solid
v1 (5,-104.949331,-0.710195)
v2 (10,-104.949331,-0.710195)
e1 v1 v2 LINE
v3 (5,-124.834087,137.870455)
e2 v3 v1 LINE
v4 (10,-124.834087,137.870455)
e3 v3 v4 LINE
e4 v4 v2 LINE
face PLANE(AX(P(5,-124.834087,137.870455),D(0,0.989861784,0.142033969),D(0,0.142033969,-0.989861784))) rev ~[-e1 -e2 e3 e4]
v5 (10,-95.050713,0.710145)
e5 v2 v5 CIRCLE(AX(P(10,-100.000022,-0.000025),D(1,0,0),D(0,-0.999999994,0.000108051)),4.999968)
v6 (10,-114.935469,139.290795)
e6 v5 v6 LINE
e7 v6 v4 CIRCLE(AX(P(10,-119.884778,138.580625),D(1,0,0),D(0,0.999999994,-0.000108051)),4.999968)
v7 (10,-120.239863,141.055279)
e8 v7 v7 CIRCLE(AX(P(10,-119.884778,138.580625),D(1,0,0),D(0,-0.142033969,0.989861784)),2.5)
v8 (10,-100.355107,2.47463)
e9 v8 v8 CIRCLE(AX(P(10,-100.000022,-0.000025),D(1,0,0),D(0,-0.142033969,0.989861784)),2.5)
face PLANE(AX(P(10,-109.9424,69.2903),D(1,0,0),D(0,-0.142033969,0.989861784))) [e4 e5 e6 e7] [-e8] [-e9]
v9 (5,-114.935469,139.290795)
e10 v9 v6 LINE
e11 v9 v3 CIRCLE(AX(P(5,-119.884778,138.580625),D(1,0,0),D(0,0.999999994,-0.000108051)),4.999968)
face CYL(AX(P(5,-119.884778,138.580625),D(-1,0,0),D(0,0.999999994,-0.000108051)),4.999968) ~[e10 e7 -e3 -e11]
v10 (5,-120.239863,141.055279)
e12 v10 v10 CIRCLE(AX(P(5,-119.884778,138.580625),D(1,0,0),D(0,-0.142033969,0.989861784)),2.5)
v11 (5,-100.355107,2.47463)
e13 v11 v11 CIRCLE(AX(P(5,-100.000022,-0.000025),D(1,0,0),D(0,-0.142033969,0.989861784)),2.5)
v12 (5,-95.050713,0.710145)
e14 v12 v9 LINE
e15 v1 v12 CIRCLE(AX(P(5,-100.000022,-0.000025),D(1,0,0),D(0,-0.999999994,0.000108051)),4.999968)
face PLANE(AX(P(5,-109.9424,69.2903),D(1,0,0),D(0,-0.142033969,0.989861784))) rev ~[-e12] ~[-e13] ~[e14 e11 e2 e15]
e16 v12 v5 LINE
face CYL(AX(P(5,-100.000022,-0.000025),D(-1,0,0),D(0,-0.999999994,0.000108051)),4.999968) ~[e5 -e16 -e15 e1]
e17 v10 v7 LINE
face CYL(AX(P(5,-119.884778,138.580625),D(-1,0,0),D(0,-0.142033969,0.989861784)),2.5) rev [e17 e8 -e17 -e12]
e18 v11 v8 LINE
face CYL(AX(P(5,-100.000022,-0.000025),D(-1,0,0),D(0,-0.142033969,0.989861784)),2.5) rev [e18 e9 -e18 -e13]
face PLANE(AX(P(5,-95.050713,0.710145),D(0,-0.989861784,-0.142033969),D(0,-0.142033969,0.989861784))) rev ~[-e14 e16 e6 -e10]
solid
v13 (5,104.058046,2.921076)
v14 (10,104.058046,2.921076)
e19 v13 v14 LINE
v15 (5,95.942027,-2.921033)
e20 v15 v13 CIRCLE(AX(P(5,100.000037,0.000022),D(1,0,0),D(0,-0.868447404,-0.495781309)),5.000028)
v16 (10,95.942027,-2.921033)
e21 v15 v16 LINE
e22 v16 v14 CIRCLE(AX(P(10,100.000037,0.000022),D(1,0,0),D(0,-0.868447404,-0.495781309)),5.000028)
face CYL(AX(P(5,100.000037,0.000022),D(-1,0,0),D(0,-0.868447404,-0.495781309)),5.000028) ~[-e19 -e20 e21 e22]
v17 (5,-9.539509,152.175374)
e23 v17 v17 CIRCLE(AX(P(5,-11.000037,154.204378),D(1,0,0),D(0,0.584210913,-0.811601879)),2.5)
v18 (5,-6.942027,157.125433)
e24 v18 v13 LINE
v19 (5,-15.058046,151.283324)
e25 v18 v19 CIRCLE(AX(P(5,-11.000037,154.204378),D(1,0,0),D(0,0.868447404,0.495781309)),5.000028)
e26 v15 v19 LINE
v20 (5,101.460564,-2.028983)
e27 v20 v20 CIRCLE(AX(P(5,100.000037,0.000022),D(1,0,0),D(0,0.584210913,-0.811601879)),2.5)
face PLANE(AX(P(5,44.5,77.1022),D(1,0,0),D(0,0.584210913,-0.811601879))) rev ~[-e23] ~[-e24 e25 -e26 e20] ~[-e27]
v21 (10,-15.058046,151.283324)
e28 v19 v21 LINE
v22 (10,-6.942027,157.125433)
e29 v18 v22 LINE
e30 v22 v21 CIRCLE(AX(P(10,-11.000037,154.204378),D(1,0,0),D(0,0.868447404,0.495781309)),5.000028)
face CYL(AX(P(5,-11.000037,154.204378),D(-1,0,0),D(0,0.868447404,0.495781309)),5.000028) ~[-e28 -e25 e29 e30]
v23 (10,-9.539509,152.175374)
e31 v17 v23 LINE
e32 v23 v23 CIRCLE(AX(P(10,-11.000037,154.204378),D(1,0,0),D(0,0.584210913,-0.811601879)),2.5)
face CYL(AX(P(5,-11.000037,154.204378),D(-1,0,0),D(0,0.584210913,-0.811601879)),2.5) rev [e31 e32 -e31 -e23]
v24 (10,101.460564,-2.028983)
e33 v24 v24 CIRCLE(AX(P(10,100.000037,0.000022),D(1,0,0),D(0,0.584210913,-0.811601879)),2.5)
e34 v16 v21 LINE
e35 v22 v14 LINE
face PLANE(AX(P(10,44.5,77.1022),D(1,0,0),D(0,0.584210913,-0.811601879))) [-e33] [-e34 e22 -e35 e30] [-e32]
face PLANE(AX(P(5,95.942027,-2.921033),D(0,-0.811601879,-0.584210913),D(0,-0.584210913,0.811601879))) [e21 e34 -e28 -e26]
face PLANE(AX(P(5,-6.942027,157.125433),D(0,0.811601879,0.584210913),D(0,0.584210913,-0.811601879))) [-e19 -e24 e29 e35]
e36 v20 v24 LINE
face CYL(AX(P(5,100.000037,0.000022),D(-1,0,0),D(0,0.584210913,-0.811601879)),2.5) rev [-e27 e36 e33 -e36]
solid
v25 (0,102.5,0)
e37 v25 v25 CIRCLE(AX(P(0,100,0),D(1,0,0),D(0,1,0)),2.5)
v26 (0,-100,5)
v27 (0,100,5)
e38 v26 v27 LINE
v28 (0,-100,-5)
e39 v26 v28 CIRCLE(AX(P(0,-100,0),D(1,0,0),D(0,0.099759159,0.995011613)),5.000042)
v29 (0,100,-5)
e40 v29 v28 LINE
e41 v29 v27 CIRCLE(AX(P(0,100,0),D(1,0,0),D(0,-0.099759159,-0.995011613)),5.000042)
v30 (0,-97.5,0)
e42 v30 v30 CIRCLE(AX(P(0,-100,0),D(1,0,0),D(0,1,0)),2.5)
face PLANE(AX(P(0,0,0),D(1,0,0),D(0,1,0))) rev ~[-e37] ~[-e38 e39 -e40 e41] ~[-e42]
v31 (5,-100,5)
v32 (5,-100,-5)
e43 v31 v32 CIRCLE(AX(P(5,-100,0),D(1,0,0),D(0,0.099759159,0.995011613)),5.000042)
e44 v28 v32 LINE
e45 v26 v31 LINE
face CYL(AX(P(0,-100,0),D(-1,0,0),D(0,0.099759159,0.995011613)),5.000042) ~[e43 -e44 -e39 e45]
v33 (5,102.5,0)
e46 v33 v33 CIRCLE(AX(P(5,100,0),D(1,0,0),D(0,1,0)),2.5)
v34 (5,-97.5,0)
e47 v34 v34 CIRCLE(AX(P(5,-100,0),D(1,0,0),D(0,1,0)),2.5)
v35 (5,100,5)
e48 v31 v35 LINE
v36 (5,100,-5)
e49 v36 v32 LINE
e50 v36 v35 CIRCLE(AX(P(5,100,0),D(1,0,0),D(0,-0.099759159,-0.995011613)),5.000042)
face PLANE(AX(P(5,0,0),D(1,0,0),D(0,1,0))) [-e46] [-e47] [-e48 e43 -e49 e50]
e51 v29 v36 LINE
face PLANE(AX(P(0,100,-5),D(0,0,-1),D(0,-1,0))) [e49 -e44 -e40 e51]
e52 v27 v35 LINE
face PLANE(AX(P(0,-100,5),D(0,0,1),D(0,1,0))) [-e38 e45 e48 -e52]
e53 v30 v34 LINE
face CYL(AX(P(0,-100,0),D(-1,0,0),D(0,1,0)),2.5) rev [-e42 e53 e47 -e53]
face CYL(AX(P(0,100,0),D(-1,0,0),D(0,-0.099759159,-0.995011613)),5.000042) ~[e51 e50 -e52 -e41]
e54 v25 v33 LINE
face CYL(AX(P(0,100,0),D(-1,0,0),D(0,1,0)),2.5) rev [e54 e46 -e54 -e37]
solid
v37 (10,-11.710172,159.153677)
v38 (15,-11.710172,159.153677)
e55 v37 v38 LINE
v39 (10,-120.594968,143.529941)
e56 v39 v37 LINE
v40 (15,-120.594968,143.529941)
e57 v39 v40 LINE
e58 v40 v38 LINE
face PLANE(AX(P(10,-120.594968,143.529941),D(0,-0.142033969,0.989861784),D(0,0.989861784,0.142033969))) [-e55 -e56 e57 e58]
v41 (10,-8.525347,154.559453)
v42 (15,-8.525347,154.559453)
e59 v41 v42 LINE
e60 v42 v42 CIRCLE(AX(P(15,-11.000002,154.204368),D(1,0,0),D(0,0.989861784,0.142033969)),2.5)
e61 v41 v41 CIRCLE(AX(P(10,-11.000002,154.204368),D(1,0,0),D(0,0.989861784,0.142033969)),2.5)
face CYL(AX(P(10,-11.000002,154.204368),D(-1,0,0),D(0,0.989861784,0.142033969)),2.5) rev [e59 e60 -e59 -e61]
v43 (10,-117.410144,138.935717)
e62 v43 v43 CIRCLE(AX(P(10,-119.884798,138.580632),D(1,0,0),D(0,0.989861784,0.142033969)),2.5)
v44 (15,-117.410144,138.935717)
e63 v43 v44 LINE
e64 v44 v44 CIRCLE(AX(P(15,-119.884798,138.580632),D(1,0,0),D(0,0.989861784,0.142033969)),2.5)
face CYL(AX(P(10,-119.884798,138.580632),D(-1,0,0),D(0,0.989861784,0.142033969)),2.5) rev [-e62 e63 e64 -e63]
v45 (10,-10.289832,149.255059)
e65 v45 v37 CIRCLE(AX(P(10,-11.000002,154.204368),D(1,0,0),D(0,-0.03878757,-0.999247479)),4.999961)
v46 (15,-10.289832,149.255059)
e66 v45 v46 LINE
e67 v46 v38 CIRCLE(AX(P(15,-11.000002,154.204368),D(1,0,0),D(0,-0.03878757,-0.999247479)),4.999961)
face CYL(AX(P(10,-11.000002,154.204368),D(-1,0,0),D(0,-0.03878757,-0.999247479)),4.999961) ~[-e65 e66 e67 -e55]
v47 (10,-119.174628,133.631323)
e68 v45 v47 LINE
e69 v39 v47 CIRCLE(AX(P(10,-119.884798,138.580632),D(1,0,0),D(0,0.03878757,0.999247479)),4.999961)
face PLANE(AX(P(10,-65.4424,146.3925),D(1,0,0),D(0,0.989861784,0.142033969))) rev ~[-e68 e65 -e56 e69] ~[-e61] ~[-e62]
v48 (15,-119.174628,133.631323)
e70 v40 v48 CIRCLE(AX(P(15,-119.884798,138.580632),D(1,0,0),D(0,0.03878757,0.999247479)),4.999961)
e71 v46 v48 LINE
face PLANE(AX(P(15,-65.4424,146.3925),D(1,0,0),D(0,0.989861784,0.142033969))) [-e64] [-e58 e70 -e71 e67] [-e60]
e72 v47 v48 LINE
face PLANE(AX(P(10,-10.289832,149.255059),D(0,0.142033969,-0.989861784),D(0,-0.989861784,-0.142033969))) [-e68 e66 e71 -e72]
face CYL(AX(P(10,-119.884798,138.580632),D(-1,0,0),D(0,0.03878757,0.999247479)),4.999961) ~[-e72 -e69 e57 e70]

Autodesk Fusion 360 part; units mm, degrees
sketch "Sketch1" plane through (0, 0, 0) normal (1, 0, 0) x (0, 1, 0)
  line L0 (100, -5) -> (-100, -5)
  line L1 (-100, 5) -> (100, 5)
  line L2 (100, -5) -> (-100, 5) construction
  line L3 (-100, -5) -> (100, 5) construction
  arc A0 (-99.5012, 4.9751) -> (-99.5012, -4.9751) centre (-100, 0) ccw
  arc A1 (99.5012, -4.9751) -> (99.5012, 4.9751) centre (100, 0) ccw
  circle A2 centre (-100, 0) radius 2.5
  circle A3 centre (100, 0) radius 2.5
  dimension "d1" = 5
  dimension "d2" = 5
extrude "Extrude1" add sketch "Sketch1" along normal blind 5 makes body 1
sketch "Sketch2" plane through (0, 0, 0) normal (1, 0, 0) x (0, 1, 0)
  line L0 (70, 5) -> (-70, 5)
  line L1 (-70, -5) -> (70, -5)
  line L2 (70, 5) -> (-70, -5) construction
  line L3 (-70, 5) -> (70, -5) construction
  arc A0 (-69.2893, 4.9492) -> (-69.2893, -4.9492) centre (-70, 0) ccw
  arc A1 (69.2893, -4.9492) -> (69.2893, 4.9492) centre (70, 0) ccw
  circle A2 centre (-70, 0) radius 2.5
  circle A3 centre (70, 0) radius 2.5
  dimension "d5" = 140
  dimension "d6" = 10
  dimension "d7" = 5
  dimension "d8" = 5
extrude "Extrude2" add sketch "Sketch2" along normal blind 5 separate body makes body 2
sketch "Sketch3" plane through (0, 0, 0) normal (1, 0, 0) x (0, 1, 0)
  line L0 (55, -5) -> (-55, -5)
  line L1 (-55, 5) -> (55, 5)
  line L2 (55, -5) -> (-55, 5) construction
  line L3 (-55, -5) -> (55, 5) construction
  arc A0 (-54.0984, 4.918) -> (-54.0984, -4.918) centre (-55, 0) ccw
  arc A1 (54.0984, -4.918) -> (54.0984, 4.918) centre (55, 0) ccw
  circle A2 centre (55, 0) radius 2.5
  circle A3 centre (-55, 0) radius 2.5
  dimension "d11" = 110
  dimension "d12" = 5
  dimension "d13" = 5
extrude "Extrude3" add sketch "Sketch3" along normal blind 5 separate body makes body 3
sketch "Sketch4" plane through (0, 0, 0) normal (1, 0, 0) x (0, 1, 0)
  line L0 (95, -5) -> (-95, -5)
  line L1 (-95, 5) -> (95, 5)
  line L2 (95, -5) -> (-95, 5) construction
  line L3 (-95, -5) -> (95, 5) construction
  arc A0 (-94.4751, 4.9724) -> (-94.4751, -4.9724) centre (-95, 0) ccw
  arc A1 (94.4751, -4.9724) -> (94.4751, 4.9724) centre (95, 0) ccw
  circle A2 centre (-95, 0) radius 2.5
  circle A3 centre (95, 0) radius 2.5
  dimension "d16" = 190
  dimension "d17" = 5
  dimension "d18" = 5
extrude "Extrude4" add sketch "Sketch4" along normal blind 5 separate body makes body 4
copy_body "Body->Comp1" bodies 4 removing the originals makes body 5 in component "L4(190mm)"
copy_body "Body->Comp2" bodies 3 removing the originals makes body 6 in component "L3(110mm)"
copy_body "Body->Comp3" bodies 2 removing the originals makes body 7 in component "L2(140mm)"
copy_body "Body->Comp4" bodies 1 removing the originals makes body 8 in component "L1(200mm)"
component "L4(190mm)" placed x (1, 0, 0) y (0, 0.584211, -0.811602) z (0, 0.811602, 0.584211) at (5, 44.5, 77.1022)
component "L3(110mm)" placed x (1, 0, 0) y (0, 0.989862, 0.142034) z (0, -0.142034, 0.989862) at (10, -65.4424, 146.3925)
component "L2(140mm)" placed x (1, 0, 0) y (0, -0.142034, 0.989862) z (0, -0.989862, -0.142034) at (5, -109.9424, 69.2903)
component "L1(200mm)" placed x (1, 0, 0) y (0, 1, 0) z (0, 0, 1) at (0, 0, 0)
